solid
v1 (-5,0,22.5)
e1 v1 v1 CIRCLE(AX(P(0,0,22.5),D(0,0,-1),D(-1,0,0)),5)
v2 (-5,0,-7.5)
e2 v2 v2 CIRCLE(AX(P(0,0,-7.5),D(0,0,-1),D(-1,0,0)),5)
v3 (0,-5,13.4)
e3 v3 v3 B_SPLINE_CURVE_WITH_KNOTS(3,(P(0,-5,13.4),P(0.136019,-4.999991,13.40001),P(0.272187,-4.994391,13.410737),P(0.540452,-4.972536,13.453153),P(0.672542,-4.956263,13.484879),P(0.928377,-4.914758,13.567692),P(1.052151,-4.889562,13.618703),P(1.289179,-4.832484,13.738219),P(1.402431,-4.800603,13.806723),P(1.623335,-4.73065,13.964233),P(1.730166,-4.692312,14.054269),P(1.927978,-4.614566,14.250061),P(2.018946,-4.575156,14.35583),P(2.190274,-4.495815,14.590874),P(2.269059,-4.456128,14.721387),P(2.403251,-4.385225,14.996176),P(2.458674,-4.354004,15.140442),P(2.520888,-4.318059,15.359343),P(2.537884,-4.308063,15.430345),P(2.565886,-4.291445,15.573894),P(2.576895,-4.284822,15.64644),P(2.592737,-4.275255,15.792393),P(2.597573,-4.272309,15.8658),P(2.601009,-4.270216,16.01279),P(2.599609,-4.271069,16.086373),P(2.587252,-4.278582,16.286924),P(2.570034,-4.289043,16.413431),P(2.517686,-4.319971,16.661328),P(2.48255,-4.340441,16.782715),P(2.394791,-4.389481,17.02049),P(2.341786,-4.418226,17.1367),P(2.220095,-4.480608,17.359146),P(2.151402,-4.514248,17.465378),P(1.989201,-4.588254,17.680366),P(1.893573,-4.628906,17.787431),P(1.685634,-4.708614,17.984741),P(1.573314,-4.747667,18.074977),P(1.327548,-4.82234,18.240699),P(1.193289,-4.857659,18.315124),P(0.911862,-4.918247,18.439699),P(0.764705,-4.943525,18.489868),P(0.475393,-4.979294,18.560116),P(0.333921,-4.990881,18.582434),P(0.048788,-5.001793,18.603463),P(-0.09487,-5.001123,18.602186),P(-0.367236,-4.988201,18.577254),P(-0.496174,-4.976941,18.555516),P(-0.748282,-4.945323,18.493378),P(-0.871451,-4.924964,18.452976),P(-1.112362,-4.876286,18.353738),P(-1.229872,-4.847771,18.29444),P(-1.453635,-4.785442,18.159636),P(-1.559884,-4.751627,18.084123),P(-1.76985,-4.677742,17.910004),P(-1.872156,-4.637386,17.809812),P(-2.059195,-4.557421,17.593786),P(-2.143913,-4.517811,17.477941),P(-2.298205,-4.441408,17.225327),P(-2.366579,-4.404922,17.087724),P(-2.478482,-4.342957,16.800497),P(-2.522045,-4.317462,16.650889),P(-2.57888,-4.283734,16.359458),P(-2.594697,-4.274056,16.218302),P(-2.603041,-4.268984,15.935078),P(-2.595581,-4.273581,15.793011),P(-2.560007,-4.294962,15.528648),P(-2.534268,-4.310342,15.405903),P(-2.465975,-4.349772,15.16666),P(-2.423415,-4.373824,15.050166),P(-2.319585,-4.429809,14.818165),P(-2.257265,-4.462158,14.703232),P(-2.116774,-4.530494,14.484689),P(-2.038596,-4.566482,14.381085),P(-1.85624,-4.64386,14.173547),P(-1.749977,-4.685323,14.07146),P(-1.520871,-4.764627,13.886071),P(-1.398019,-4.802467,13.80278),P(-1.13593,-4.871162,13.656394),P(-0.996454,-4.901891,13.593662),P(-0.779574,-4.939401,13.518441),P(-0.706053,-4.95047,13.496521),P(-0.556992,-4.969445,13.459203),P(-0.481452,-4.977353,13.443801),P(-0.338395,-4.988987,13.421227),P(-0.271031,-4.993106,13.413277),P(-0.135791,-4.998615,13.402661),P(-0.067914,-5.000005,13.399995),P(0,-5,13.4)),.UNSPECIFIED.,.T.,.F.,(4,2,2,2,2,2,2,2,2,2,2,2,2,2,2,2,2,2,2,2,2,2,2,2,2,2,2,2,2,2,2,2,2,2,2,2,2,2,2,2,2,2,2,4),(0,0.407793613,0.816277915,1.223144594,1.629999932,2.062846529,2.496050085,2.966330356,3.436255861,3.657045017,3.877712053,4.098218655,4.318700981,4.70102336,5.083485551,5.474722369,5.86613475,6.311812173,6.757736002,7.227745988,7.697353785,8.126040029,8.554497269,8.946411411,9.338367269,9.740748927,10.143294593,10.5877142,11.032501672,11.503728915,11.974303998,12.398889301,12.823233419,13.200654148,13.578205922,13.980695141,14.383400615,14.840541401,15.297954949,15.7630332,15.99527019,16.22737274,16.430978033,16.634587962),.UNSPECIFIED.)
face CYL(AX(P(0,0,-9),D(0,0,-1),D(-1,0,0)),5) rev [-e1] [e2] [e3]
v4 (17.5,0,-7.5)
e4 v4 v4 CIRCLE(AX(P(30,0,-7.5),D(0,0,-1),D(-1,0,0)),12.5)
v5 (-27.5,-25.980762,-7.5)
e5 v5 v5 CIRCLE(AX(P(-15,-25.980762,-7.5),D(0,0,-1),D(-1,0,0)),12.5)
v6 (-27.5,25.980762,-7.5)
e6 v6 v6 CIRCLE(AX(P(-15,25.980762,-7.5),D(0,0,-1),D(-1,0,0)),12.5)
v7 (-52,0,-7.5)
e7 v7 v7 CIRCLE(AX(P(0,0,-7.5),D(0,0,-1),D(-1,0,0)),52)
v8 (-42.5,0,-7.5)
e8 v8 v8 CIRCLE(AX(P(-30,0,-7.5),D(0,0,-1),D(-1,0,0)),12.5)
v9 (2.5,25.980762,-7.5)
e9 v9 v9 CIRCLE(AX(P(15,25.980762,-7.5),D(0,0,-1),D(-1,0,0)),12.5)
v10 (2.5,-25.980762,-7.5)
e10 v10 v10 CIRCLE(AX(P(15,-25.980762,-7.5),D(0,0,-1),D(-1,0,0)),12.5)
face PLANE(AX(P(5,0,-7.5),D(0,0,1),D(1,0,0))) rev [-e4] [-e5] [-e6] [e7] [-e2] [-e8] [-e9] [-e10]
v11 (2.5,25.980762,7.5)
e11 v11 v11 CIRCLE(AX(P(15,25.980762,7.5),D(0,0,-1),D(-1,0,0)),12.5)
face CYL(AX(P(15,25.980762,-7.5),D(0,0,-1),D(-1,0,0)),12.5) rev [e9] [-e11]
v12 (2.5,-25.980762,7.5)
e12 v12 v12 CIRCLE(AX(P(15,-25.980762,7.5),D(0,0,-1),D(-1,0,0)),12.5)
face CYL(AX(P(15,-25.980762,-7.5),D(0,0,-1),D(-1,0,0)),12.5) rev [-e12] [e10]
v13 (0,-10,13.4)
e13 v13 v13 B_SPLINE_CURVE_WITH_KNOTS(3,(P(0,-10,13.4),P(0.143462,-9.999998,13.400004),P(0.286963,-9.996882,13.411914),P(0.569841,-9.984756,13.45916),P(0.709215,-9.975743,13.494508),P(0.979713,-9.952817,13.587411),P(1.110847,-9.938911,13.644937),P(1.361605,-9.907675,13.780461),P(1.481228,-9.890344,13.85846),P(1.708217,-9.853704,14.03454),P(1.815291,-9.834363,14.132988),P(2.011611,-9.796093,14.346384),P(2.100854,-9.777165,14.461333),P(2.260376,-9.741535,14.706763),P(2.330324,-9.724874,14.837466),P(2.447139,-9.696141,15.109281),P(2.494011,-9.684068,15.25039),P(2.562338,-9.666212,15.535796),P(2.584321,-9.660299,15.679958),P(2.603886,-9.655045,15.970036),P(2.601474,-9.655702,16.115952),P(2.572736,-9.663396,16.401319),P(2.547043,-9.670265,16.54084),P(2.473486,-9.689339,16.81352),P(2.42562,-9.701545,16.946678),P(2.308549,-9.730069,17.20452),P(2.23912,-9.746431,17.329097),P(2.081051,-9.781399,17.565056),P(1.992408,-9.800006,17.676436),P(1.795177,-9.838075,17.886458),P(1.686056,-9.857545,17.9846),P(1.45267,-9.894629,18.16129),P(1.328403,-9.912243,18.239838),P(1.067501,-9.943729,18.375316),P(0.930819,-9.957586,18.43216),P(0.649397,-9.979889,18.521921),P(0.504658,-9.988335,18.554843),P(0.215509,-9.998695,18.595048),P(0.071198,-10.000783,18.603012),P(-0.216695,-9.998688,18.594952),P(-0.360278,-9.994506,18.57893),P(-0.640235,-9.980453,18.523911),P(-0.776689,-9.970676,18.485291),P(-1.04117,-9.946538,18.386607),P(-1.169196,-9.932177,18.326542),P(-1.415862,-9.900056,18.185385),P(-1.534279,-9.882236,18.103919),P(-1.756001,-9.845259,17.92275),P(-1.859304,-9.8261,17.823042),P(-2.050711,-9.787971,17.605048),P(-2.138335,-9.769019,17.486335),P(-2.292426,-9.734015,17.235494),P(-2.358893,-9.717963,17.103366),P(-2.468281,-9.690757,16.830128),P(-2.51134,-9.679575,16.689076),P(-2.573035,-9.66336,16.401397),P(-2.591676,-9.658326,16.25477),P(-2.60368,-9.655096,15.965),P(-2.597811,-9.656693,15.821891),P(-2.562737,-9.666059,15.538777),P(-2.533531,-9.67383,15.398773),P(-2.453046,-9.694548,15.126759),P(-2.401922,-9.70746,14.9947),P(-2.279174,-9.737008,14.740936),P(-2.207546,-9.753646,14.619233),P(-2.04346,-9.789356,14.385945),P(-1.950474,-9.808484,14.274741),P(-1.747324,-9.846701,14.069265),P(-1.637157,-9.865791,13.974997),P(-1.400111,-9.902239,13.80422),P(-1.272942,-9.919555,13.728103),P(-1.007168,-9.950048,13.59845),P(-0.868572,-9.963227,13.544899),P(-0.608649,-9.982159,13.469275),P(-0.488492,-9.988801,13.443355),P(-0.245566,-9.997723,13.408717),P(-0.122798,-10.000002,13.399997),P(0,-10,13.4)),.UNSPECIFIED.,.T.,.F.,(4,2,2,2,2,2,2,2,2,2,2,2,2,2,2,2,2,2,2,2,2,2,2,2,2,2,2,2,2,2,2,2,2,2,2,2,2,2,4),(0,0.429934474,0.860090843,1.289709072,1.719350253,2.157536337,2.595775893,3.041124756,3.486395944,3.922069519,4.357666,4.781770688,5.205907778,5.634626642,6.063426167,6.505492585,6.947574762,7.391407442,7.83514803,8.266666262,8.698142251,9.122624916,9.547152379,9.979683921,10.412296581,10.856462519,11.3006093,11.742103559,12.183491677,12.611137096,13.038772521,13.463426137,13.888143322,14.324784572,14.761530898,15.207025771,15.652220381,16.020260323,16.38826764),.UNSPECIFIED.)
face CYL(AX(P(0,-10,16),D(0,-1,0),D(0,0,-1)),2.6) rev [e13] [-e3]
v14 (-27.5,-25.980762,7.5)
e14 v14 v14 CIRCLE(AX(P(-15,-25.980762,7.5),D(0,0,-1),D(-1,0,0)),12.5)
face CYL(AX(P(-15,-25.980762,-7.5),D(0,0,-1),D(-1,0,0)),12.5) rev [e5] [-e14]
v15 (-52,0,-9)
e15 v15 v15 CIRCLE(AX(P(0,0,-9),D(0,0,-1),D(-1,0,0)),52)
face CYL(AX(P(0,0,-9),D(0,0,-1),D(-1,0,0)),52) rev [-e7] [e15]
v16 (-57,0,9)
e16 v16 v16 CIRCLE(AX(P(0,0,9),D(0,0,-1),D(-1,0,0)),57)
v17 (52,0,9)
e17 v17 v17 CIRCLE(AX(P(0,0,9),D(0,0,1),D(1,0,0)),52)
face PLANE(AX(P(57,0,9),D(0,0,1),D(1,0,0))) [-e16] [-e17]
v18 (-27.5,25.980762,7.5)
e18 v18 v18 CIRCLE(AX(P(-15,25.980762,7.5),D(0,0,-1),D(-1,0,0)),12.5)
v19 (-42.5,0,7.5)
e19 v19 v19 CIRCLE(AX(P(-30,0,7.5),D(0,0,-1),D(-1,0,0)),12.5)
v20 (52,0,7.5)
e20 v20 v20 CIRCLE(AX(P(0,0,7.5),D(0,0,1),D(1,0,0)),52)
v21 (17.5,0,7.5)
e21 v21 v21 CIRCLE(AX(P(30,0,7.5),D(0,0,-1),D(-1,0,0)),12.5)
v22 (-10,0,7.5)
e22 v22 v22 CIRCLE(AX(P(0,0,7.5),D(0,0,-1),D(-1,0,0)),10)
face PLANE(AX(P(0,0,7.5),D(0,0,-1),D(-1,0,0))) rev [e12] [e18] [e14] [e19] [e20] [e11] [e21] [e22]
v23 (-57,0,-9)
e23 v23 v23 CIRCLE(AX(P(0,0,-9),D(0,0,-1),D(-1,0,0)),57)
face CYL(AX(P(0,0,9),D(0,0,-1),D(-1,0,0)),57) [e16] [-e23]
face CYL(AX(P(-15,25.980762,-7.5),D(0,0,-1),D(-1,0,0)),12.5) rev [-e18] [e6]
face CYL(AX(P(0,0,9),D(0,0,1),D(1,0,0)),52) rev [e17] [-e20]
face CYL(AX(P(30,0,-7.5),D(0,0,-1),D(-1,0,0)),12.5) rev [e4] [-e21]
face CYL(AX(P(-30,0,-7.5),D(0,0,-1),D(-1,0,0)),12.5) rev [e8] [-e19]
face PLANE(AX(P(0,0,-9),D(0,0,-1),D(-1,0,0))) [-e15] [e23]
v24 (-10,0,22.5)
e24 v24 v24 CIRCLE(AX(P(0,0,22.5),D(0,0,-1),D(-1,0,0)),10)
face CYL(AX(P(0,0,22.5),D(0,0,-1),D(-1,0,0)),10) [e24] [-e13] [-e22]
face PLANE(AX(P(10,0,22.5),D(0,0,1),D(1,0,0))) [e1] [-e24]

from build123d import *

# Parameters (mm, degrees)
SKETCH_1_W                   = 57
SKETCH_1_H                   = 18
HOLE_WIZARD_M100_1_D         = 104
HOLE_WIZARD_M100_1_DEPTH     = 1.5
SKETCH_4_W                   = 10
SKETCH_4_H                   = 15
HOLE_WIZARD_M8_1_D           = 10
HOLE_WIZARD_M8_1_CBORE_D     = 104
HOLE_WIZARD_M8_1_CBORE_DEPTH = 1.5
HOLE_WIZARD_5_2_5_2_1_REACH  = 93.449
HOLE_WIZARD_5_2_5_2_1_BORE_R = 2.6
HOLE_WIZARD_25_0_25_1_D      = 25
HOLE_WIZARD_25_0_25_1_DEPTH  = 30


with BuildPart() as part:
    # 草图1 → 旋转1 (revolve)
    with BuildSketch(Plane.XZ, mode=Mode.PRIVATE) as revolve_1_sk:
        with Locations((28.5, 0)):
            Rectangle(SKETCH_1_W, SKETCH_1_H)
    revolve(revolve_1_sk.sketch.rotate(Axis((0, 0, 9), (0, 0, -1)), 180), axis=Axis((0, 0, 9), (0, 0, -1)))

    # M100 间隙孔1
    with Locations(Plane.XY.offset(9)):
        with Locations((0, 0)):
            Hole(HOLE_WIZARD_M100_1_D / 2, depth=HOLE_WIZARD_M100_1_DEPTH)

    # 草图4 → 旋转2 (revolve)
    with BuildSketch(Plane.XZ):
        with Locations((5, 15)):
            Rectangle(SKETCH_4_W, SKETCH_4_H)
    revolve(axis=Axis((0, 0, 22.5), (0, 0, -1)))

    # M8 六角头螺栓的柱形沉头孔1 (through all)
    with Locations(Plane(origin=(0, 0, -9), x_dir=(-1, 0, 0), z_dir=(0, 0, -1))):
        with Locations((0, 0)):
            CounterBoreHole(HOLE_WIZARD_M8_1_D / 2, HOLE_WIZARD_M8_1_CBORE_D / 2, HOLE_WIZARD_M8_1_CBORE_DEPTH)

    # Ø5.2 (5.2) 直径孔1 bore (on position points) → Ø5.2 (5.2) 直径孔1 (cut, up to next)
    with BuildSketch(Plane(origin=(0, -10, 16), x_dir=(-1, 0, 0), z_dir=(0, -1, 0)), mode=Mode.PRIVATE) as hole_wizard_5_2_5_2_1_sk1:
        Circle(HOLE_WIZARD_5_2_5_2_1_BORE_R)
    hole_wizard_5_2_5_2_1_tool1 = extrude(hole_wizard_5_2_5_2_1_sk1.sketch, amount=-HOLE_WIZARD_5_2_5_2_1_REACH, mode=Mode.PRIVATE) & part.part
    add(hole_wizard_5_2_5_2_1_tool1.solids().sort_by_distance((0, -10, 16))[0], mode=Mode.SUBTRACT)

    # Ø25.0 (25) 直径孔1
    with Locations(Plane(origin=(0, 0, -7.5), x_dir=(-1, 0, 0), z_dir=(0, 0, -1))):
        with Locations((-30, 0), (-15, 25.980762114), (15, 25.980762114), (30, 0), (15, -25.980762114), (-15, -25.980762114)):
            Hole(HOLE_WIZARD_25_0_25_1_D / 2, depth=HOLE_WIZARD_25_0_25_1_DEPTH)


solid = part.part
